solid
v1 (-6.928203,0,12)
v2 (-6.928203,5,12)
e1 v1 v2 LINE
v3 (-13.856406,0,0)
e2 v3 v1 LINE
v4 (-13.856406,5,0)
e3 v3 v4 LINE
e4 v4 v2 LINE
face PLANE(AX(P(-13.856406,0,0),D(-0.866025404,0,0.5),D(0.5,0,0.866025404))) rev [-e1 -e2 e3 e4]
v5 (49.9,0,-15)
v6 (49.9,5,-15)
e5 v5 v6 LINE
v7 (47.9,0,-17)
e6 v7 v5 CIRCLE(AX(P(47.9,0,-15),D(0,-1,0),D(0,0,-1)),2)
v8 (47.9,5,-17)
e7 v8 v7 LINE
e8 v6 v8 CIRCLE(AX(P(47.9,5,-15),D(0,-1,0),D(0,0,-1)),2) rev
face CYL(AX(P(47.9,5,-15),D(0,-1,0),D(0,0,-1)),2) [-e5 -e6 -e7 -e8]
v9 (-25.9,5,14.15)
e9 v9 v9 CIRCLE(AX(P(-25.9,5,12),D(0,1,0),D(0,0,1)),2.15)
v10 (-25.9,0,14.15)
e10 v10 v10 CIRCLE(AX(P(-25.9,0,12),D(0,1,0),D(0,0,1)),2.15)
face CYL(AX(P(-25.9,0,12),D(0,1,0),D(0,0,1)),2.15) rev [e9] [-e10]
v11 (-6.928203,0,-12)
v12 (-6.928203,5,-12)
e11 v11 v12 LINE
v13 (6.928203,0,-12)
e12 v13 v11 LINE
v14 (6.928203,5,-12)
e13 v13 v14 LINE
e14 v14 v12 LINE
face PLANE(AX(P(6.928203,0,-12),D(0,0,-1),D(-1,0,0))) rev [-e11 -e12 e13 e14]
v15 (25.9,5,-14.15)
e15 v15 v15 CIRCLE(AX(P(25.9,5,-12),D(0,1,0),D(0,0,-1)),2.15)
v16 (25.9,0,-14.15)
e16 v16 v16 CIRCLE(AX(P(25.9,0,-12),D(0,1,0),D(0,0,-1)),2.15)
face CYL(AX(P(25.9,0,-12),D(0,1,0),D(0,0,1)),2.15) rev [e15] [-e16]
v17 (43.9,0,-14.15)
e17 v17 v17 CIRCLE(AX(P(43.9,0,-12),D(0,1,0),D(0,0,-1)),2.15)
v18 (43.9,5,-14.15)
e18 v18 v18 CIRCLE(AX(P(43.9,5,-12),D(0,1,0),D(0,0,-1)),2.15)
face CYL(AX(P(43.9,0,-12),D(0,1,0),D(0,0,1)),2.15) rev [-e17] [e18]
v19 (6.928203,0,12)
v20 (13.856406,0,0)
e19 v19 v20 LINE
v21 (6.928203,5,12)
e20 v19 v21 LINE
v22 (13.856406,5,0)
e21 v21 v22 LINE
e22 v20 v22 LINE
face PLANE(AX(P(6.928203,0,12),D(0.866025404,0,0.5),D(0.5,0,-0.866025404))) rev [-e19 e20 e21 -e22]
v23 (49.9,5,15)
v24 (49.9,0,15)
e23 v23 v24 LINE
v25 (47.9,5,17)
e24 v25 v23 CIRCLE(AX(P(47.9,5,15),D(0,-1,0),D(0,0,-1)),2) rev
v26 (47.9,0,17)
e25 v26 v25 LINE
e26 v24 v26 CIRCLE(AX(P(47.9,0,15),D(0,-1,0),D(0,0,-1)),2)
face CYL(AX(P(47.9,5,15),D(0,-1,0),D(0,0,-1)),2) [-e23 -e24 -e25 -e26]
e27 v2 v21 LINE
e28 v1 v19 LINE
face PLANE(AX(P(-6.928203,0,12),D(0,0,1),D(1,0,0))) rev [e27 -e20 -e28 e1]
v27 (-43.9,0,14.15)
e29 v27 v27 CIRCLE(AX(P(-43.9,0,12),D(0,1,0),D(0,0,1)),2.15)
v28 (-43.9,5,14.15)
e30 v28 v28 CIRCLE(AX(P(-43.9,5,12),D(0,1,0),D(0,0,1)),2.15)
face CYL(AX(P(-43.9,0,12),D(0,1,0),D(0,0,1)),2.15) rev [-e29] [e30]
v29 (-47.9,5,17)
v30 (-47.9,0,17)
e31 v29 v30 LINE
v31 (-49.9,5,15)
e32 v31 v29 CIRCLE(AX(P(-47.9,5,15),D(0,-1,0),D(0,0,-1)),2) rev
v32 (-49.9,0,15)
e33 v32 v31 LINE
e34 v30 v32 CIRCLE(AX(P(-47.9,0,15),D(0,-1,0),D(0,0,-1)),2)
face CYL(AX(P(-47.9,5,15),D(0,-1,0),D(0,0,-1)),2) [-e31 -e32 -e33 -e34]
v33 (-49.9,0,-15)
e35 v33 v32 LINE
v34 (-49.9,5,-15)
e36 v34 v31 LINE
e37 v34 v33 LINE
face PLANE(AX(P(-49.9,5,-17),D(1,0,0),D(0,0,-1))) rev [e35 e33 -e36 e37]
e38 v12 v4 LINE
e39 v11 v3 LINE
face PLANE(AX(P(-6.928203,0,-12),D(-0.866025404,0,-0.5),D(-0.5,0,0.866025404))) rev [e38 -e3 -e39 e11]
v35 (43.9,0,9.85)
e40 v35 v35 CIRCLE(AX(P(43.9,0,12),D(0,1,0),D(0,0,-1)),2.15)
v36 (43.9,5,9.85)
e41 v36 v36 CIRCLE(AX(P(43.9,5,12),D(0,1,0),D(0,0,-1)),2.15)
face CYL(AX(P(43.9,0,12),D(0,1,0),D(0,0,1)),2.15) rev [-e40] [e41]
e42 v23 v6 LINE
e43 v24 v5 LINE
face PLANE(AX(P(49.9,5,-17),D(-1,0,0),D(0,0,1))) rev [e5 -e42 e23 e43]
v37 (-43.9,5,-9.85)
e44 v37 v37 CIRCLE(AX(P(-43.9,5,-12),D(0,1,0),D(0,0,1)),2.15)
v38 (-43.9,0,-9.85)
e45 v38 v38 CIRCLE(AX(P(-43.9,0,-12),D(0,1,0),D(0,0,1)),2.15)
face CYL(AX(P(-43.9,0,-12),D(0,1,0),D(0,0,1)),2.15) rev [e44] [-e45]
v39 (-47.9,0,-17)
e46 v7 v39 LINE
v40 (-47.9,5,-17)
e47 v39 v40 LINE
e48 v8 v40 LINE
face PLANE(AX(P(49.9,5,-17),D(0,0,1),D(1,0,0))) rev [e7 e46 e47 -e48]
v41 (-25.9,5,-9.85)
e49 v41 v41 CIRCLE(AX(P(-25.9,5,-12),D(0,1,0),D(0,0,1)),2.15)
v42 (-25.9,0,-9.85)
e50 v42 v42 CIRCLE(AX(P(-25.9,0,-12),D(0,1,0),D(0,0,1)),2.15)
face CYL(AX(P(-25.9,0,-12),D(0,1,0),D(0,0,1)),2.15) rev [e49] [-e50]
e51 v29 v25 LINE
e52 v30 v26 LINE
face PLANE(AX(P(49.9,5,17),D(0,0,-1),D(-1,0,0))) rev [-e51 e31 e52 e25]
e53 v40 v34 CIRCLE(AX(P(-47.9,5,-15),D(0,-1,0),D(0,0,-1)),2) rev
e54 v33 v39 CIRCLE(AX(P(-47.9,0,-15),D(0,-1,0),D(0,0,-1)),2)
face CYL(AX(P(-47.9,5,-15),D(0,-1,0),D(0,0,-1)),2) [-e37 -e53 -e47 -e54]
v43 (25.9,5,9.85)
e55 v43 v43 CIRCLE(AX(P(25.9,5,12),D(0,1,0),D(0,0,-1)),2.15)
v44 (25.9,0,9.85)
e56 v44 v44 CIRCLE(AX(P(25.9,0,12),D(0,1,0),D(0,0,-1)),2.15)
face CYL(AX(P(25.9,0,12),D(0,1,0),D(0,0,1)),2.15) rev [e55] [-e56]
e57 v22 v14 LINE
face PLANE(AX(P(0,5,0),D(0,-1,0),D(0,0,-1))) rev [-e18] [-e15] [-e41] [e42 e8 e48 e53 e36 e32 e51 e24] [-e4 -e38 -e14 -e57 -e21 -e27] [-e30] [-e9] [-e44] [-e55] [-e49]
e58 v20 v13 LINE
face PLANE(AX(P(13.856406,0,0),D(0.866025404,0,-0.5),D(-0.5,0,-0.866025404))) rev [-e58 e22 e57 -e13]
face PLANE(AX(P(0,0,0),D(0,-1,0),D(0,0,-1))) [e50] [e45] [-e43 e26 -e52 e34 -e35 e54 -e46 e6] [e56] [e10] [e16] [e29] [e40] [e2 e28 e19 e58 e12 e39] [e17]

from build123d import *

# Parameters (mm, degrees)
SKETCH1_W           = 99.8
SKETCH1_H           = 34
BOSS_EXTRUDE1_DEPTH = 5
SKETCH2_R           = 2.15
CUT_EXTRUDE1_DEPTH  = 5
FILLET1_R           = 2


with BuildPart() as part:
    # Sketch1 → Boss-Extrude1 (new body)
    with BuildSketch(Plane(origin=(0, 0, 0), x_dir=(1, 0, 0), z_dir=(0, 1, 0))):
        Rectangle(SKETCH1_W, SKETCH1_H)
    extrude(amount=BOSS_EXTRUDE1_DEPTH)

    # Sketch2 → Cut-Extrude1 (cut)
    with BuildSketch(Plane(origin=(0, 5, 0), x_dir=(1, 0, 0), z_dir=(0, 1, 0))):
        with Locations(Location((-43.9, 12, 0), (0, 0, 270))):
            Circle(SKETCH2_R)
        with Locations(Location((-25.9, 12, 0), (0, 0, 270))):
            Circle(SKETCH2_R)
        with Locations(Location((-43.9, -12, 0), (0, 0, 270))):
            Circle(SKETCH2_R)
        with Locations(Location((-25.9, -12, 0), (0, 0, 270))):
            Circle(SKETCH2_R)
        with Locations(Location((25.9, -12, 0), (0, 0, 90))):
            Circle(SKETCH2_R)
        with Locations(Location((43.9, -12, 0), (0, 0, 90))):
            Circle(SKETCH2_R)
        with Locations(Location((25.9, 12, 0), (0, 0, 90))):
            Circle(SKETCH2_R)
        with Locations(Location((43.9, 12, 0), (0, 0, 90))):
            Circle(SKETCH2_R)
        Polygon((-13.856406461, 0), (-6.92820323, -12), (6.92820323, -12), (13.856406461, 0), (6.92820323, 12), (-6.92820323, 12), align=None)
    extrude(amount=-CUT_EXTRUDE1_DEPTH, mode=Mode.SUBTRACT)

    # Fillet1
    fillet1_edges = [part.edges().sort_by_distance(p)[0] for p in [
        (-49.9, 2.5, -17),
        (49.9, 2.5, -17),
        (49.9, 2.5, 17),
        (-49.9, 2.5, 17),
    ]]
    fillet(fillet1_edges, radius=FILLET1_R)


solid = part.part
